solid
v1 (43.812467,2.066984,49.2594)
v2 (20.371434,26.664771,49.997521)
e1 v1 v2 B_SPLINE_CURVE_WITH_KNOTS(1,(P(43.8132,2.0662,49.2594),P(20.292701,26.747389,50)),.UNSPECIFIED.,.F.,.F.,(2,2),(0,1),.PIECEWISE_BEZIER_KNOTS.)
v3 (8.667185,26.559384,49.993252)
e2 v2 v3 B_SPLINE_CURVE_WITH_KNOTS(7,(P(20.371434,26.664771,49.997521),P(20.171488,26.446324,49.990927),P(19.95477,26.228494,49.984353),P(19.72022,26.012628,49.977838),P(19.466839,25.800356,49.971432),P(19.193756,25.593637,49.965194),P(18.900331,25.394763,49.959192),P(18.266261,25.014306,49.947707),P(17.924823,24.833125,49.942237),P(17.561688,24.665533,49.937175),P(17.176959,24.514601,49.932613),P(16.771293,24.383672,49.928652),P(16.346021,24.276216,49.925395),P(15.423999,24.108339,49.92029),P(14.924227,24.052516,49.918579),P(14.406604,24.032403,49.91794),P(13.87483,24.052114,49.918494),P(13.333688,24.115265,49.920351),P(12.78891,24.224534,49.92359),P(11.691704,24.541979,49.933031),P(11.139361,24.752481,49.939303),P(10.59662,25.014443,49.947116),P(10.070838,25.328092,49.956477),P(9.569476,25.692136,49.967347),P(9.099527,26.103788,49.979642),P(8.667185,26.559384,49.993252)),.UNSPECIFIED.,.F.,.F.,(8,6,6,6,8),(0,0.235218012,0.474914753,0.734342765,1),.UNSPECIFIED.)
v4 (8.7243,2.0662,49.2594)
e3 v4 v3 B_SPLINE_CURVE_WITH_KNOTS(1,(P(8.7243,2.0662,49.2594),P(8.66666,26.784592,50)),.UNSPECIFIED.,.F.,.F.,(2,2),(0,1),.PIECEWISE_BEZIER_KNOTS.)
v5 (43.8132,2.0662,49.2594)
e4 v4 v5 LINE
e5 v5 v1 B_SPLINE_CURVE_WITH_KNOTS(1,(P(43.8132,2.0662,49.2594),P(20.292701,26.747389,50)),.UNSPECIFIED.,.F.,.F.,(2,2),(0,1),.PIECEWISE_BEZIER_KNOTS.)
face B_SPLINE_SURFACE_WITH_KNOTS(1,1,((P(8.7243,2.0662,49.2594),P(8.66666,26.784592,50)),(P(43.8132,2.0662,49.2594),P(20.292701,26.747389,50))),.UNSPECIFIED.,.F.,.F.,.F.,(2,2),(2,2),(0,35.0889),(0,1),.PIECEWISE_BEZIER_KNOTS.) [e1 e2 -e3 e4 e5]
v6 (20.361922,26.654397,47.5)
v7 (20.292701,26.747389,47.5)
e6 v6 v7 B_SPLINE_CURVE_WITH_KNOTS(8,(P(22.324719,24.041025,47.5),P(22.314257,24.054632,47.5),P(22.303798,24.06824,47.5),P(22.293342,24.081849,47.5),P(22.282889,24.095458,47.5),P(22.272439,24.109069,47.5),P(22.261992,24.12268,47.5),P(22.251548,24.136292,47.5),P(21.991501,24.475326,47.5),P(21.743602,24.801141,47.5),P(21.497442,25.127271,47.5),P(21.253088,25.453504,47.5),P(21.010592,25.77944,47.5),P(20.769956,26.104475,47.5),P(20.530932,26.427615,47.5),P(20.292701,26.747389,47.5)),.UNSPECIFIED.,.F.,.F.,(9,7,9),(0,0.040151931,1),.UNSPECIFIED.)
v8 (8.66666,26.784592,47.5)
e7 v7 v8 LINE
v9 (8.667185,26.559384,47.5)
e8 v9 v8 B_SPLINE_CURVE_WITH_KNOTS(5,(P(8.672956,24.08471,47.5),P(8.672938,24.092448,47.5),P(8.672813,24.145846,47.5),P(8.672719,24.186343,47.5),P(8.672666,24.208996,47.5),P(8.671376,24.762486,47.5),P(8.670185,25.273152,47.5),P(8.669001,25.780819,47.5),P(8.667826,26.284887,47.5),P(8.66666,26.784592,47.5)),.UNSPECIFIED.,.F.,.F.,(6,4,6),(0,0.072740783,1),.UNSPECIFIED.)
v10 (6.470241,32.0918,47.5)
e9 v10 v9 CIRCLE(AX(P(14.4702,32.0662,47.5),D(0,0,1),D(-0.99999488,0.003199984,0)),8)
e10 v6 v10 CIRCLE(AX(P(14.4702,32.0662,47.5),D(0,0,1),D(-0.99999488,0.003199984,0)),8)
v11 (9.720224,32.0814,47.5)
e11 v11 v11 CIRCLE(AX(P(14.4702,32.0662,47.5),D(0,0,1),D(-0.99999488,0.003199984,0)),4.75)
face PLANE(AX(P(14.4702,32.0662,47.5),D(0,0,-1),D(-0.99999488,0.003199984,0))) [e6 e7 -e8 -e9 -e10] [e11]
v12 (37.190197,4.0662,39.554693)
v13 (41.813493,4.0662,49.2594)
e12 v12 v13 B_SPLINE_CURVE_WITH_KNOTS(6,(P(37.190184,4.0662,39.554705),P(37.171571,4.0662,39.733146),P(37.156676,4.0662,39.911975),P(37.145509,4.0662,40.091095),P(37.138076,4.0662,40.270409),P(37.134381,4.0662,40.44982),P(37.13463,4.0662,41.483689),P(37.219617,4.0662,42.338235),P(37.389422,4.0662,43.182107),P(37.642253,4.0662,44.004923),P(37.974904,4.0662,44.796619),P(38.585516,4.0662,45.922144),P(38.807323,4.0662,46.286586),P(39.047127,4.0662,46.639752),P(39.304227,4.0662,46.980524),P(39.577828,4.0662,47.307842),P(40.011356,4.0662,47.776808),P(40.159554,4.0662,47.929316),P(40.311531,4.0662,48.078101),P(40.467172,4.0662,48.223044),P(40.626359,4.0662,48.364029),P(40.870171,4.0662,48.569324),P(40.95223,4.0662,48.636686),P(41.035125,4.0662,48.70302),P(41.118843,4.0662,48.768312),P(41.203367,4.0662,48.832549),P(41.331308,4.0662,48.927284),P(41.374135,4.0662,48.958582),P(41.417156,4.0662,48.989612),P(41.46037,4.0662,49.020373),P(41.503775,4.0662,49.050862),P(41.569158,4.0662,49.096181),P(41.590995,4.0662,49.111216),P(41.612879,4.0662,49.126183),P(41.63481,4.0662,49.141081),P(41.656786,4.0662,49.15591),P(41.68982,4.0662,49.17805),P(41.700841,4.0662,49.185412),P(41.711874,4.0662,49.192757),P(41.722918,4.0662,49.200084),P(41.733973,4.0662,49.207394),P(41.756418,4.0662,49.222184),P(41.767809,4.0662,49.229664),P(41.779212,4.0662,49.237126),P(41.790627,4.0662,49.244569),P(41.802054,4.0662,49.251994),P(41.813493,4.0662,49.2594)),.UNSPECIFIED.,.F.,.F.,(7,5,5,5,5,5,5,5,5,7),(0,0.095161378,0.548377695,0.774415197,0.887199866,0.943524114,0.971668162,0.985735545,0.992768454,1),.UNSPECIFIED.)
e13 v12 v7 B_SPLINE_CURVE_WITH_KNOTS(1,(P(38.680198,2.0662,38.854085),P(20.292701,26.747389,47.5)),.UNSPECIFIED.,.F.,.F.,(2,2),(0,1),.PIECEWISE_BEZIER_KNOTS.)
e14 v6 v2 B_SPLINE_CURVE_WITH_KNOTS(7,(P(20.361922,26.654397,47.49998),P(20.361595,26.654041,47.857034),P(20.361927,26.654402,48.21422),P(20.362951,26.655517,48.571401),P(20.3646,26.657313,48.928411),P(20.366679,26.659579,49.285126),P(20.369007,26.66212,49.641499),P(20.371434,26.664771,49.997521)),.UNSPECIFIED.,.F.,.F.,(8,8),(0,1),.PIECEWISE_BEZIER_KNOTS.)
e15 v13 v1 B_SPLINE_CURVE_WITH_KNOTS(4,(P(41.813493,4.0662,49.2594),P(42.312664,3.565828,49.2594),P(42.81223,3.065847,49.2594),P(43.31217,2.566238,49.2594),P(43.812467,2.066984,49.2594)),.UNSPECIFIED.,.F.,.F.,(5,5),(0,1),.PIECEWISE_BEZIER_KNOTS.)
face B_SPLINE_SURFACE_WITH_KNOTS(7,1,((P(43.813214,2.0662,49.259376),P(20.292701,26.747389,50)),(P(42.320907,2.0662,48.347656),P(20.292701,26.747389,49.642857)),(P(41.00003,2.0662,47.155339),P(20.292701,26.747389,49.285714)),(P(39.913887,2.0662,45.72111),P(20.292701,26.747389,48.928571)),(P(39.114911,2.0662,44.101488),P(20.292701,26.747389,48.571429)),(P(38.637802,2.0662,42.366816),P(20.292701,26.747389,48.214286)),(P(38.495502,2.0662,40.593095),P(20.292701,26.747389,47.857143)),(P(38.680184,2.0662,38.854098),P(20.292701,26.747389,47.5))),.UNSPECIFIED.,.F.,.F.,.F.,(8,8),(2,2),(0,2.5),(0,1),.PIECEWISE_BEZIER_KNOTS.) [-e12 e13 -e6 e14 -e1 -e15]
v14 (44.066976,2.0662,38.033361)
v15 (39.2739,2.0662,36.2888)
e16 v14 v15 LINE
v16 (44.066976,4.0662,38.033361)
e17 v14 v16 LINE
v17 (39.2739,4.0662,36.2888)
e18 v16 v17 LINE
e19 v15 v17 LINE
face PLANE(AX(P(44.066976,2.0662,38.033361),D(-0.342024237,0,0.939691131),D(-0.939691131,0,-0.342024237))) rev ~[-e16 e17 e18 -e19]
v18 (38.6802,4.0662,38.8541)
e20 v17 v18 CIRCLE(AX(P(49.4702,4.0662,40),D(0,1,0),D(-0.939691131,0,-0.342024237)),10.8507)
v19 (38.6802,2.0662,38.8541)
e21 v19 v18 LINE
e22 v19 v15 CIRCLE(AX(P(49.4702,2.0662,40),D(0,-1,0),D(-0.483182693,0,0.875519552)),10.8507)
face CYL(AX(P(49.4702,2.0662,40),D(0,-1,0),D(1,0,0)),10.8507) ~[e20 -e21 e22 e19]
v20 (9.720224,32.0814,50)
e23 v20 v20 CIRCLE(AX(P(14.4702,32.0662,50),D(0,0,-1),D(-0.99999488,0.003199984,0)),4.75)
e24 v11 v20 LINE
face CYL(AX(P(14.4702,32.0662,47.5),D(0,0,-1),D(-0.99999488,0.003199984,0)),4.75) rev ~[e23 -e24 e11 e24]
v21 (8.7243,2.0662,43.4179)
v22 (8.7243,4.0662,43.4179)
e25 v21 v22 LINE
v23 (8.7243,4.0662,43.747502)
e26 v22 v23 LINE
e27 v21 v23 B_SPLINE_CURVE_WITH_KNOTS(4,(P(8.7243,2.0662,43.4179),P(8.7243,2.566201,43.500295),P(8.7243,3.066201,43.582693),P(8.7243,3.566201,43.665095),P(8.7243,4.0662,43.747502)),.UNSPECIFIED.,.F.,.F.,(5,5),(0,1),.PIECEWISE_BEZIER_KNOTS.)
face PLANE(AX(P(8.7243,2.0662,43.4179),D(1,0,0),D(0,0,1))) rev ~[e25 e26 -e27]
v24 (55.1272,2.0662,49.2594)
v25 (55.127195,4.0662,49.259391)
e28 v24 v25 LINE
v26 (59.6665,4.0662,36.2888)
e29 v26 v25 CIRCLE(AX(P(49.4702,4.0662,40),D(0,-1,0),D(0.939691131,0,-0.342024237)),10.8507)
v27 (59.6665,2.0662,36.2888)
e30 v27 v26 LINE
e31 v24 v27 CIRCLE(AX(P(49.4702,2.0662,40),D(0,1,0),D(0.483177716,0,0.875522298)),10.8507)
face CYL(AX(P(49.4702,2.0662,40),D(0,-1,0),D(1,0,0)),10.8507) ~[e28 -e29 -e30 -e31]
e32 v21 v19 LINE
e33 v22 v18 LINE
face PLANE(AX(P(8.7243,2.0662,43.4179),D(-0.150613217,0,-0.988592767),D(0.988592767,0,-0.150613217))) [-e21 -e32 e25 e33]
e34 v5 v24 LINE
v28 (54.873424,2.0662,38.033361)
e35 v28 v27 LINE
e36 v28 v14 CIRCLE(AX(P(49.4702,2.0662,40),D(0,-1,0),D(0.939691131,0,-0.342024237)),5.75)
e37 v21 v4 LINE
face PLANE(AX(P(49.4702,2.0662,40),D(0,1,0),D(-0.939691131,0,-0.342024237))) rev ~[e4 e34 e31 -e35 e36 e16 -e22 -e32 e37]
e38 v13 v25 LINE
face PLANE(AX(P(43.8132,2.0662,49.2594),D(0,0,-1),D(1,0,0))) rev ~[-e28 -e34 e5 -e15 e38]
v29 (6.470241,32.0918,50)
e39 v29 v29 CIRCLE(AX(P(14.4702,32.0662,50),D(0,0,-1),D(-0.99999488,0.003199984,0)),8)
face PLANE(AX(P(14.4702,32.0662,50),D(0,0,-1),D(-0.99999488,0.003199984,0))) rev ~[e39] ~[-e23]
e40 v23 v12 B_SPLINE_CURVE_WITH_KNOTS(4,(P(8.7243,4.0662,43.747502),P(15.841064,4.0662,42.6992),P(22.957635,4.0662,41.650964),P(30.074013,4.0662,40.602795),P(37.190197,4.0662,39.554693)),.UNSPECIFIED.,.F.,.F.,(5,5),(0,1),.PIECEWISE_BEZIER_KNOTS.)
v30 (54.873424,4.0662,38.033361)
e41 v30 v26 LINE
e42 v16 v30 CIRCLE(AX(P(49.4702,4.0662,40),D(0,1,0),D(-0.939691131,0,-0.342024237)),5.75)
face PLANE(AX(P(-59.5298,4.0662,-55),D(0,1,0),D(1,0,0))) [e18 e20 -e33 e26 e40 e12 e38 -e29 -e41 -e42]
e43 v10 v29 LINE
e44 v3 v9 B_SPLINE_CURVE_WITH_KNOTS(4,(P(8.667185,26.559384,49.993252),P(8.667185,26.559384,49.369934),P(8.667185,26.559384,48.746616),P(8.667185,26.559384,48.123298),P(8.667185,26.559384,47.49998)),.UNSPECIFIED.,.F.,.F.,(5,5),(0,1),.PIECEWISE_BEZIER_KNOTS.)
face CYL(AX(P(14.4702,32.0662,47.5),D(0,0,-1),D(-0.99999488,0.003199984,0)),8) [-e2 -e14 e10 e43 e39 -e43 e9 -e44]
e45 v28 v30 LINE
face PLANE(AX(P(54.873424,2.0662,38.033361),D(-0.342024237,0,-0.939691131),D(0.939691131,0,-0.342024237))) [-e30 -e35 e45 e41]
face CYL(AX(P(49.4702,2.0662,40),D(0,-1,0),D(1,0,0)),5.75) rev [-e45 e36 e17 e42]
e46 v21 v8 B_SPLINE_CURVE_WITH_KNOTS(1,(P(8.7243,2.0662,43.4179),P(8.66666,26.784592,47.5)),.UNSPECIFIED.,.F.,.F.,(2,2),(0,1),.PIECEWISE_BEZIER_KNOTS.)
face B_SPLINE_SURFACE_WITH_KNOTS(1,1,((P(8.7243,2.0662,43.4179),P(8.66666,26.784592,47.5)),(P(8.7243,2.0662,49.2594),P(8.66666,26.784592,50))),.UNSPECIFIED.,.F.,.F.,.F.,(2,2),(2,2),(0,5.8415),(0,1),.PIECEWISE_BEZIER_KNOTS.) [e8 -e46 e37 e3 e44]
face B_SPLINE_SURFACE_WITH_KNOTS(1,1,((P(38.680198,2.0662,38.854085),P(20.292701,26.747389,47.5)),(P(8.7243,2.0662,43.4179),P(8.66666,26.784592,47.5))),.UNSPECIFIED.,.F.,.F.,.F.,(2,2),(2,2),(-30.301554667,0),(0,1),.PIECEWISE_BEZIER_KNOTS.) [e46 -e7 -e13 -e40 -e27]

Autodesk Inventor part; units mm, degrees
ref_plane "Work Plane6" through (14.4702, 32.0662, 39.5) normal (0, 0, 1) x (1, 0, 0)
sketch "Sketch1" plane through (14.4702, 32.0662, 39.5) normal (0, 0, 1) x (1, 0, 0)
  point P0 (-14.4702, -32.0662)
ref_plane "Work Plane1" through (14.4702, 32.0662, 47.5) normal (0, 0, -1) x (-1, 0.0032, 0)
sketch "Sketch2" plane through (14.4702, 32.0662, 47.5) normal (0, 0, -1) x (-1, 0.0032, 0)
  line L0 (-3.06, 5.3) -> (3.06, 5.3)
  line L1 (3.06, 5.3) -> (6.1199, 0)
  line L2 (6.1199, 0) -> (3.06, -5.3)
  line L3 (3.06, -5.3) -> (-3.06, -5.3)
  line L4 (-3.06, -5.3) -> (-6.1199, 0)
  line L5 (-6.1199, 0) -> (-3.06, 5.3)
  circle A0 centre (0, 0) radius 8
  line L6 (-3.06, -5.3) -> (-3.06, 5.3)
  line L7 (-3.06, 5.3) -> (-8, 5.3)
  line L8 (-8, 5.3) -> (-8, -5.3)
  line L9 (-8, -5.3) -> (-3.06, -5.3)
  circle A1 centre (0, 0) radius 4.75
  point P0 (14.3663, -32.1129)
  point P1 (-5.9925, -5.3)
  point P2 (-5.9925, 5.3)
  point P3 (-3.06, 3.6331)
  point P4 (-3.06, -3.6331)
  point P5 (-3.06, -5.3)
  point P6 (-3.06, 5.3)
  point P7 (-3.06, -5.3)
  point P8 (-3.06, 5.3)
  point P9 (-3.06, -5.3)
  point P10 (-8, 0)
  point P11 (-3.06, 5.3)
  point P12 (-3.06, -5.3)
  dimension "d3" = 10.6
  dimension "d4" = 16
  dimension "d9" = 9.5
extrude "Extrusion1" add sketch "Sketch2" against normal blind 2.5 contours L7 A0 L9 L3 L2 L1 L0 | L6 A1 L4 L5 | L0 L1 L2 L3 L6 A1 | L5 L4 L9 A0 L7
ref_plane "Work Plane2" through (14.4702, 32.0662, 46.35) normal (0, 0, -1) x (-1, 0.0032, 0)
ref_plane "Work Plane4" through (20.4455, 26.7469, 47.5) normal (0.0032, 1, 0) x (1, -0.0032, 0)
sketch "Sketch5" plane through (20.4455, 26.7469, 47.5) normal (0.0032, 1, 0) x (1, -0.0032, 0)
  line L0 (-13.9925, -2.5) -> (2.0075, -2.5) projected
  line L1 (2.0075, 0) -> (-13.9925, 0) projected
  line L2 (-0.1528, -2.5) -> (-0.1528, 0)
  line L3 (-11.7789, -2.5) -> (-11.7789, 0)
  line L4 (2.0075, 0) -> (-13.9925, 0) projected
  point P0 (-20.3588, 47.5)
ref_plane "Work Plane7" through (-59.5298, 2.0662, -55) normal (0, 1, 0) x (1, 0, 0)
sketch "Sketch6" plane through (-59.5298, 2.0662, -55) normal (0, 1, 0) x (1, 0, 0)
  circle A0 centre (109, -95) radius 5.35 projected
  circle A1 centre (109, -95) radius 5.75
  circle A2 centre (109, -95) radius 10.8507
  line L0 (109, -95) -> (98.8037, -91.2888)
  line L1 (109, -95) -> (119.1963, -91.2888)
  line L2 (109, -95) -> (98.1493, -95)
  line L3 (66.0434, -104.5) -> (82.0433, -104.5) projected
  line L4 (82.0433, -104.5) -> (114.2428, -104.5)
  line L5 (66, -105) -> (82, -105) projected
  line L6 (66, -104.5) -> (82, -104.5) projected
  line L7 (82, -105.5) -> (82.0433, -105.5) projected
  point P0 (59.5298, -55)
  point P1 (103.5968, -93.0334)
  point P2 (114.4032, -93.0334)
  point P3 (103.7572, -104.5)
  dimension "d12" = 11.5
  dimension "d13" = 20
  dimension "d14" = 160
extrude "Extrusion3" add sketch "Sketch6" along normal blind 2 contours L1 A2 L4 L2 A1 | L2 A2 L0 A1
ref_plane "Work Plane8" through (-59.5298, 2.0662, -55) normal (0, 1, 0) x (1, 0, 0)
sketch "Sketch7" plane through (-59.5298, 2.0662, -55) normal (0, 1, 0) x (1, 0, 0)
  line L0 (68.2541, -98.4179) -> (68.2541, -104.2594) projected
  line L1 (79.6782, -98.4179) -> (79.6782, -104.2594) construction
  line L2 (68.2541, -98.4179) -> (103.5968, -93.0334)
  line L3 (68.2541, -104.2594) -> (103.343, -104.2594)
  arc A0 (98.8037, -91.2888) -> (119.1963, -91.2888) centre (109, -95) ccw projected
  line L4 (103.5968, -93.0334) -> (98.8037, -91.2888) projected
  arc A1 (103.5968, -93.0334) -> (109, -100.75) centre (109, -95) ccw
  line L5 (103.343, -104.2594) -> (109, -100.75)
  arc A2 (98.21, -93.8541) -> (103.343, -104.2594) centre (109, -95) ccw
  line L6 (103.343, -104.2594) -> (114.657, -104.2594)
  circle A3 centre (109, -95) radius 10.8507 projected
  point P0 (59.5298, -55)
loft "Loft1" add profiles "Sketch7", "Sketch5" contours L2 A0 L3 L0 / all
extrude "Extrusion4" add sketch "Sketch7" along normal blind 2 contours L2 A0 L3 L0
ref_plane "Work Plane5" through (-59.5298, 2.0662, -55) normal (0, 1, 0) x (1, 0, 0)
sketch "Sketch9" plane through (-59.5298, 2.0662, -55) normal (0, 1, 0) x (1, 0, 0)
  point P0 (59.5298, -55)
extrude "Extrusion6" cut sketch "Sketch7" along normal blind 10 contours L6 A0
properties part number "Pot_mount_best"
